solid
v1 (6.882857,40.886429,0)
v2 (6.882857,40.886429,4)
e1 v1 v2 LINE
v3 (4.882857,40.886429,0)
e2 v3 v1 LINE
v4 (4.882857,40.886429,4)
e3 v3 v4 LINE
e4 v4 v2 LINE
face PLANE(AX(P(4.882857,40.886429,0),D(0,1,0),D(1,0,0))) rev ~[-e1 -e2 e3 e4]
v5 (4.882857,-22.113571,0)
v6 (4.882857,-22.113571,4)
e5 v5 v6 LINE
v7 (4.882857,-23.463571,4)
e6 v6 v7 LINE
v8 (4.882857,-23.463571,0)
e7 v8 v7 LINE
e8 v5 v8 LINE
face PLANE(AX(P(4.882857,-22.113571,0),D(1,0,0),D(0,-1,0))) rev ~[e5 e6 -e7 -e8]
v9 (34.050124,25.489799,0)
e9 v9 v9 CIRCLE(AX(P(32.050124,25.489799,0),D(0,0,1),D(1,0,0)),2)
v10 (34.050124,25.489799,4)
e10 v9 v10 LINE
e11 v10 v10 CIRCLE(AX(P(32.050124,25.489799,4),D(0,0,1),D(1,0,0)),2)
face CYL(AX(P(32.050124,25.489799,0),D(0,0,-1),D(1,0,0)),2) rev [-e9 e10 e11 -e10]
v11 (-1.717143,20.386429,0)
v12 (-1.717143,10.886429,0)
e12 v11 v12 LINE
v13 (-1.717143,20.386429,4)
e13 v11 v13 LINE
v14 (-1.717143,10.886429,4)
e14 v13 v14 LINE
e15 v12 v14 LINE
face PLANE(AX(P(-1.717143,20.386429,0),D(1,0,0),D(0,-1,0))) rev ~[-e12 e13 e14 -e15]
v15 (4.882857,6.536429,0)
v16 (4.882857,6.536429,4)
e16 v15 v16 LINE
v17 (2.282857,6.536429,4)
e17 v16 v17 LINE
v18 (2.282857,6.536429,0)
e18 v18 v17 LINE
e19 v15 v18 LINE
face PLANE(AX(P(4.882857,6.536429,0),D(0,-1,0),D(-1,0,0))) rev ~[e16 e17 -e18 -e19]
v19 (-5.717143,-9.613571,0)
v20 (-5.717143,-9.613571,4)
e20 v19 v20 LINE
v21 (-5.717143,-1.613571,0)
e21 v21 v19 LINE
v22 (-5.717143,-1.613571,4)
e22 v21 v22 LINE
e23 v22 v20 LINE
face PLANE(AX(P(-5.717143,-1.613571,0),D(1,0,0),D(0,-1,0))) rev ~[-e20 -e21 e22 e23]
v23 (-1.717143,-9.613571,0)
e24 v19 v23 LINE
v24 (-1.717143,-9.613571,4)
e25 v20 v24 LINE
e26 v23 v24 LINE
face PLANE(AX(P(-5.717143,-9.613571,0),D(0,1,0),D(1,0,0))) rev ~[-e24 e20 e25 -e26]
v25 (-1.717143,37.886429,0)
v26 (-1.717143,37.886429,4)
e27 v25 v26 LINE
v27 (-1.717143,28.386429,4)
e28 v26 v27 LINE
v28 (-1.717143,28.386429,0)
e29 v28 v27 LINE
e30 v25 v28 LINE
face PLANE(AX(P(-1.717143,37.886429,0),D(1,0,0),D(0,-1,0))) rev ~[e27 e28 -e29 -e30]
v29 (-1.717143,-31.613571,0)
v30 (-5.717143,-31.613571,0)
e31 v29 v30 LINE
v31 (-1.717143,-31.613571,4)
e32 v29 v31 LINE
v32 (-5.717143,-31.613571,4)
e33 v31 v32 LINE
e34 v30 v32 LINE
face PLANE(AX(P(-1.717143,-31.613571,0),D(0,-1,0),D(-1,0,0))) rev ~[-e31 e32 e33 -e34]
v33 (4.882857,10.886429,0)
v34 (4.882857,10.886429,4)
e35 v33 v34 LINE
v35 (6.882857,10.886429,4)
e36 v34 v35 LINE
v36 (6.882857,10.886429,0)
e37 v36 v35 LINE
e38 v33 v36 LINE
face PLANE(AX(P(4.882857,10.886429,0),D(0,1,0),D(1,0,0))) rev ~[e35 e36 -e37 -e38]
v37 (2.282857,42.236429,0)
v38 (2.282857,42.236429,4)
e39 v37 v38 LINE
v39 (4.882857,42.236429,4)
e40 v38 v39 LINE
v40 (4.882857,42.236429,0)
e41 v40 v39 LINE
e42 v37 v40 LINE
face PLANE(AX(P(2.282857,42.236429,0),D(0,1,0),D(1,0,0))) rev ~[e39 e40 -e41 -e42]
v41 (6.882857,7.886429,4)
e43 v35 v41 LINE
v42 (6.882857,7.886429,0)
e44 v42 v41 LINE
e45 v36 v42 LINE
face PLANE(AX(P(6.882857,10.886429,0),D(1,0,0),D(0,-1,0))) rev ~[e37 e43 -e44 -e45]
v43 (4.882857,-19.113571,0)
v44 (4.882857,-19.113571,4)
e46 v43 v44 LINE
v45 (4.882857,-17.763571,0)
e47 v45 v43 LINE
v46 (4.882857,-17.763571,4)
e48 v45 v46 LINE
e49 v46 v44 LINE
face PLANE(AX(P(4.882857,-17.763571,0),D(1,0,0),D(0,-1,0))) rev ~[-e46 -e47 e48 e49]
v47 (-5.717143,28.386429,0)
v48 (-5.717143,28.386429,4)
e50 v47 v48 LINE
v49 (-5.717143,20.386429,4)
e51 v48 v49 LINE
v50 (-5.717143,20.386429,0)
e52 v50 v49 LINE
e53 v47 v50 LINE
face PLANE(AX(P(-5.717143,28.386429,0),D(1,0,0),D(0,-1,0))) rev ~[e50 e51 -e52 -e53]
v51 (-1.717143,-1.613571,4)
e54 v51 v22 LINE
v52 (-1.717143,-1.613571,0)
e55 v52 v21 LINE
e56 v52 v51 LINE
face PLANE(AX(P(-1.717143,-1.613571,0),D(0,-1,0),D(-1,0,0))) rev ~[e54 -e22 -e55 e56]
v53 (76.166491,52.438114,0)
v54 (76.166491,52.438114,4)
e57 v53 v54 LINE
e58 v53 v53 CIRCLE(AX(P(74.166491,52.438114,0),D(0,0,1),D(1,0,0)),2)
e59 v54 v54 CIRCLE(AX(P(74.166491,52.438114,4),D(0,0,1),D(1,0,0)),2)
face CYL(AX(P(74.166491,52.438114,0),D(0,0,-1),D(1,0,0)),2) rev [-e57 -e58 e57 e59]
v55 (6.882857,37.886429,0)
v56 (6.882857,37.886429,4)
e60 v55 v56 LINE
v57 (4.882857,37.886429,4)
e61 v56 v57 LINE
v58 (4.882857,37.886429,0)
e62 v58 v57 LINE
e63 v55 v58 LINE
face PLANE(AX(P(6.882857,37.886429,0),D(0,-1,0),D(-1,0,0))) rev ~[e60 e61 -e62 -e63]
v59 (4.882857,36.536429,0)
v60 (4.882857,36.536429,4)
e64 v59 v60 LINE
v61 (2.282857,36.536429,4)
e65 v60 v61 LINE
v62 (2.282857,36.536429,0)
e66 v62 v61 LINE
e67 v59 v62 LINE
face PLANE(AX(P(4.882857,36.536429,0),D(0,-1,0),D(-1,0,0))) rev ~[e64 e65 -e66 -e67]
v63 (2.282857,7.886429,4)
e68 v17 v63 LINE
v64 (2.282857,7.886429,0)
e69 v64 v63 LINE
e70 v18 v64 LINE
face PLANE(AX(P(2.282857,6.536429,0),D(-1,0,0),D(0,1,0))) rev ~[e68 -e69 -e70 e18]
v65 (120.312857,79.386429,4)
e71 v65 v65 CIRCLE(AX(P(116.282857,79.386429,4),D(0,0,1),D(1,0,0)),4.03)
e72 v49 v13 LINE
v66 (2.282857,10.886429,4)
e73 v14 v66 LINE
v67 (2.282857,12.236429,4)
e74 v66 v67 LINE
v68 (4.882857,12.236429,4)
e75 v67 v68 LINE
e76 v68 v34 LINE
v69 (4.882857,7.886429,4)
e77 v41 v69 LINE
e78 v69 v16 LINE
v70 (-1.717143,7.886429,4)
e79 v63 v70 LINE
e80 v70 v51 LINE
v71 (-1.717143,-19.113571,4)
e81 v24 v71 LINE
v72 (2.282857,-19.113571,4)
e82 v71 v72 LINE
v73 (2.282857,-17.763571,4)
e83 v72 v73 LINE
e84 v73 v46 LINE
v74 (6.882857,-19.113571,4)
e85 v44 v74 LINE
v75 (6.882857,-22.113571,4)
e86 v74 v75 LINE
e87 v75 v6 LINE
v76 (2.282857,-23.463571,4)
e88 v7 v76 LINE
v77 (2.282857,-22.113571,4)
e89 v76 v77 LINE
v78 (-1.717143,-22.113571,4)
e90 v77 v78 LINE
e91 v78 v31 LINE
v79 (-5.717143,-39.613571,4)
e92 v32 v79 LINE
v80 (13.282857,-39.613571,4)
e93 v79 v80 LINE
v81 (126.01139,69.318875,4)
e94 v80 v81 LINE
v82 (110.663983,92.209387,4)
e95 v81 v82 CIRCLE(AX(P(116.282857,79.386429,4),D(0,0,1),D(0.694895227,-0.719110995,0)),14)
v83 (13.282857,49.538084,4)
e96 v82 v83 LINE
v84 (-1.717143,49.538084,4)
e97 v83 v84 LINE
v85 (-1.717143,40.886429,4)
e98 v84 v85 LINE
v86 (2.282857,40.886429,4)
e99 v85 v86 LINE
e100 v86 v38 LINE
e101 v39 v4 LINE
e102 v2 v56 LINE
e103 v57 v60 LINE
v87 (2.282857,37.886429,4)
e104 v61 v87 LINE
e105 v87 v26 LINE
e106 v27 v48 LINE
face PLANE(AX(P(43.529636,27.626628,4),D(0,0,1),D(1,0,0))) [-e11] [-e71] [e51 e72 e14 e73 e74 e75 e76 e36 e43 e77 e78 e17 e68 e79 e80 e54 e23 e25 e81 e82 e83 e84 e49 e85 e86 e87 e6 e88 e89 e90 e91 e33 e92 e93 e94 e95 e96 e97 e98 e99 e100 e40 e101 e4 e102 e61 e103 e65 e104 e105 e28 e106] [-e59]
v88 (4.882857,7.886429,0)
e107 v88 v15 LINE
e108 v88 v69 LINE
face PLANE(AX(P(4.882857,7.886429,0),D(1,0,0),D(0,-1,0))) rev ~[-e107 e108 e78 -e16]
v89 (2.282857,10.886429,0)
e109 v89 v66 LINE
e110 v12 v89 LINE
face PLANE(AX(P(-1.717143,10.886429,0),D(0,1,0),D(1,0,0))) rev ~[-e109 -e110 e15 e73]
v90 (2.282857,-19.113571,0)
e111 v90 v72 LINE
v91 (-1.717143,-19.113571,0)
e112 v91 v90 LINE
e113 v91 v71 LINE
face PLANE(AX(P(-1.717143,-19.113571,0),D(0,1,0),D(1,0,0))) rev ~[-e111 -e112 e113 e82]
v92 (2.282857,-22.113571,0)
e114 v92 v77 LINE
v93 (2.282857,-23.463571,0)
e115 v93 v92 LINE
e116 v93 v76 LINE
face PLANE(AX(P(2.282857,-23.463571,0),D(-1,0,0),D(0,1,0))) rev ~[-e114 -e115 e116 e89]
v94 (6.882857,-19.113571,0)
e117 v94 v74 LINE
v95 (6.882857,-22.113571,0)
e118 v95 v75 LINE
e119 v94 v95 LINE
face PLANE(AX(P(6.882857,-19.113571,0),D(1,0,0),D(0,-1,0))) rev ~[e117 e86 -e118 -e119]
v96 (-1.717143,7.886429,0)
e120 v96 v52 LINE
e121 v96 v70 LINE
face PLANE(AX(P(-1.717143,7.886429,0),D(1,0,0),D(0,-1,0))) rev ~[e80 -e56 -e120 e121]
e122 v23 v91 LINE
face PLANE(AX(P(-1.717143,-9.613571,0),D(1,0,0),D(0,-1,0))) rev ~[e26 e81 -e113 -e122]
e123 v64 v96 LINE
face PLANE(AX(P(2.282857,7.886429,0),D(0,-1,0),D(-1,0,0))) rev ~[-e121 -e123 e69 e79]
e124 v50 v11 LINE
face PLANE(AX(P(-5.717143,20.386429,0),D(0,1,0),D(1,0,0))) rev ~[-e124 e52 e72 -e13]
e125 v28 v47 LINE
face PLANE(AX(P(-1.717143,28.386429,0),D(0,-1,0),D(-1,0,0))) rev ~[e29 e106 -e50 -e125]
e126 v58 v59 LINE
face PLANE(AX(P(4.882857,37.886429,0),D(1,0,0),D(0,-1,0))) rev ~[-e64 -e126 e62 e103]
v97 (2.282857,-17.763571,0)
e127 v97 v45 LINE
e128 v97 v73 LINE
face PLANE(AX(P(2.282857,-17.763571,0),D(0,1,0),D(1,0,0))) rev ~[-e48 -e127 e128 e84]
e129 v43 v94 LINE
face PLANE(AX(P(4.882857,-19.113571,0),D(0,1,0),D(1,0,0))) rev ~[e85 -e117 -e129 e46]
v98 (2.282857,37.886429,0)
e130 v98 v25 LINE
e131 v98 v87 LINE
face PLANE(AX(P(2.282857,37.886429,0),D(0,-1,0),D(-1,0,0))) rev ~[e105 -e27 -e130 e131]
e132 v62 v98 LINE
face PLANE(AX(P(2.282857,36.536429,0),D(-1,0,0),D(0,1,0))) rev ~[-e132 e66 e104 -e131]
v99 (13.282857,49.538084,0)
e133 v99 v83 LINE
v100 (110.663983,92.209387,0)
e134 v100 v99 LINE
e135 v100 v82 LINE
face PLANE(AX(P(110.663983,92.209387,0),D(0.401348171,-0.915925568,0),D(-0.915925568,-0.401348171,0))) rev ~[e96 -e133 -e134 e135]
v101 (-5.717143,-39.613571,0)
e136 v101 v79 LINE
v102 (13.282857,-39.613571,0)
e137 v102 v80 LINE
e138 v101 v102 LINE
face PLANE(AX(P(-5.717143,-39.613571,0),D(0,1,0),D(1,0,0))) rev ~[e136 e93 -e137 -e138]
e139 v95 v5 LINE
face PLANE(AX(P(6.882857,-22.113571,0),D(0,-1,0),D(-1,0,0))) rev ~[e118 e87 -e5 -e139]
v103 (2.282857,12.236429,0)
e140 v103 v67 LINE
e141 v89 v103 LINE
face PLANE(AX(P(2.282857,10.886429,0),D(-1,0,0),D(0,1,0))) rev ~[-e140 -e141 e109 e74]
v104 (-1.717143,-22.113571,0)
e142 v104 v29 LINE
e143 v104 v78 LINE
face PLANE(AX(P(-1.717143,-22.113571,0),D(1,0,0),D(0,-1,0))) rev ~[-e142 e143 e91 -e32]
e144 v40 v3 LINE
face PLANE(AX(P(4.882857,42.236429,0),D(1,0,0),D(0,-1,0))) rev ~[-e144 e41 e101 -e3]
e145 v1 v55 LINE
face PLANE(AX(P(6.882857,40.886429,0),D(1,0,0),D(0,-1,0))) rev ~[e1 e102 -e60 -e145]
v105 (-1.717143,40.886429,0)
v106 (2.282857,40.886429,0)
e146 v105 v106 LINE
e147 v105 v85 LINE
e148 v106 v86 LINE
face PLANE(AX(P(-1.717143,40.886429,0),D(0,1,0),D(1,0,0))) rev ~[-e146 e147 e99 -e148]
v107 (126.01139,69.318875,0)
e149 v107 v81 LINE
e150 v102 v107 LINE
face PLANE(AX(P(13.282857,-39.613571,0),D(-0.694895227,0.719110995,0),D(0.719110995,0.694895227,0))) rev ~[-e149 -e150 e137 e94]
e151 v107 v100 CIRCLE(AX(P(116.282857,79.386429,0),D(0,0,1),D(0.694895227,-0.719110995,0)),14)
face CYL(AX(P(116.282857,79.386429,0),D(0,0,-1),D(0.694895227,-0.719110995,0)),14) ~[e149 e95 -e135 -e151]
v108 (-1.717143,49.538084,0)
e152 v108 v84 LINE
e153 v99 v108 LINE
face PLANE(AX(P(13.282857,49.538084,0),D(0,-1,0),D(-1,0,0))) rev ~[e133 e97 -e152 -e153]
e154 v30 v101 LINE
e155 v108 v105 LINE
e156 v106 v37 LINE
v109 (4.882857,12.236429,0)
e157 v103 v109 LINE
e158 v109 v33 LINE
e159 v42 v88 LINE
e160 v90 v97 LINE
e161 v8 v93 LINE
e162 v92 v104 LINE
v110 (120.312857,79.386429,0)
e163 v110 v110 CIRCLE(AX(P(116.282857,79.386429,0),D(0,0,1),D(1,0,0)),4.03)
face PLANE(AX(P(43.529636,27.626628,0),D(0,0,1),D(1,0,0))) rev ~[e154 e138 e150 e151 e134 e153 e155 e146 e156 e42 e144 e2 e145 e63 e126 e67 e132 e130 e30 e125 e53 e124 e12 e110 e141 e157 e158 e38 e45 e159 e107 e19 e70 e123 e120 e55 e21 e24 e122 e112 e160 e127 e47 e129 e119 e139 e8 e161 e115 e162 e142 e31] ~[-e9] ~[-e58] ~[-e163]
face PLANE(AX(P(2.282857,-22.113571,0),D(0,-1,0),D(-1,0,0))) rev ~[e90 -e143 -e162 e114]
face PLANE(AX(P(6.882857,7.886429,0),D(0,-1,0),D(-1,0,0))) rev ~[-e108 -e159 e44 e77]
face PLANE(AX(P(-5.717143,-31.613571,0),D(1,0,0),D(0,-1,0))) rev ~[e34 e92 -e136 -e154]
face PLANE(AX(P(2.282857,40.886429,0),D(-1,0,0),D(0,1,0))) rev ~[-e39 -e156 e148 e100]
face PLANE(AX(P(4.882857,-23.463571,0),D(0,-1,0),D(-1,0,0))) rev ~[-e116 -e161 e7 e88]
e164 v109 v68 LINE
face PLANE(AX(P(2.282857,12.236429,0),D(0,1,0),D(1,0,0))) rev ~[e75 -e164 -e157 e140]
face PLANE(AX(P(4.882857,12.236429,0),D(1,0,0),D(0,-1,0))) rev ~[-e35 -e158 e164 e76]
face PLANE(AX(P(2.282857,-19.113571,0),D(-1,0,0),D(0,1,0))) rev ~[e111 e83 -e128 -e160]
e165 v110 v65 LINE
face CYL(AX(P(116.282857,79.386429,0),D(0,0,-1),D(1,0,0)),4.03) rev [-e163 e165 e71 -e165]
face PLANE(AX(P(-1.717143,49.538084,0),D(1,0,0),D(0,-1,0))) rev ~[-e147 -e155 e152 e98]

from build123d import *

# Parameters (mm, degrees)
SKETCH_1_R      = 2
SKETCH_1_R_2    = 4.03
EXTRUDE_1_DEPTH = 4


with BuildPart() as part:
    # 草图1 → 凸台-拉伸1 (new body)
    with BuildSketch(Plane.XY):
        with BuildLine():
            Line((2.282857143, -22.113571429), (-1.717142857, -22.113571429))
            Line((-1.717142857, -22.113571429), (-1.717142857, -31.613571429))
            Line((-1.717142857, -31.613571429), (-5.717142857, -31.613571429))
            Line((-5.717142857, -31.613571429), (-5.717142857, -39.613571429))
            Line((-5.717142857, -39.613571429), (-1.717142857, -39.613571429))
            Line((-1.717142857, -39.613571429), (13.282857143, -39.613571429))
            Line((13.282857143, -39.613571429), (126.011390324, 69.318874641))
            ThreePointArc((126.011390324, 69.318874641), (127.911107543, 87.182824703), (110.66398275, 92.20938652))
            Line((110.66398275, 92.20938652), (13.282857143, 49.538084372))
            Line((13.282857143, 49.538084372), (-1.717142857, 49.538084372))
            Line((-1.717142857, 49.538084372), (-1.717142857, 40.886428571))
            Line((-1.717142857, 40.886428571), (2.282857143, 40.886428571))
            Line((2.282857143, 40.886428571), (2.282857143, 42.236428571))
            Line((2.282857143, 42.236428571), (4.882857143, 42.236428571))
            Line((4.882857143, 42.236428571), (4.882857143, 40.886428571))
            Line((4.882857143, 40.886428571), (6.882857143, 40.886428571))
            Line((6.882857143, 40.886428571), (6.882857143, 37.886428571))
            Line((6.882857143, 37.886428571), (4.882857143, 37.886428571))
            Line((4.882857143, 37.886428571), (4.882857143, 36.536428571))
            Line((4.882857143, 36.536428571), (2.282857143, 36.536428571))
            Line((2.282857143, 36.536428571), (2.282857143, 37.886428571))
            Line((2.282857143, 37.886428571), (-1.717142857, 37.886428571))
            Line((-1.717142857, 37.886428571), (-1.717142857, 28.386428571))
            Line((-1.717142857, 28.386428571), (-5.717142857, 28.386428571))
            Line((-5.717142857, 28.386428571), (-5.717142857, 20.386428571))
            Line((-5.717142857, 20.386428571), (-1.717142857, 20.386428571))
            Line((-1.717142857, 20.386428571), (-1.717142857, 10.886428571))
            Line((-1.717142857, 10.886428571), (2.282857143, 10.886428571))
            Line((2.282857143, 10.886428571), (2.282857143, 12.236428571))
            Line((2.282857143, 12.236428571), (4.882857143, 12.236428571))
            Line((4.882857143, 12.236428571), (4.882857143, 10.886428571))
            Line((4.882857143, 10.886428571), (6.882857143, 10.886428571))
            Line((6.882857143, 10.886428571), (6.882857143, 7.886428571))
            Line((6.882857143, 7.886428571), (4.882857143, 7.886428571))
            Line((4.882857143, 7.886428571), (4.882857143, 6.536428571))
            Line((4.882857143, 6.536428571), (2.282857143, 6.536428571))
            Line((2.282857143, 6.536428571), (2.282857143, 7.886428571))
            Line((2.282857143, 7.886428571), (-1.717142857, 7.886428571))
            Line((-1.717142857, 7.886428571), (-1.717142857, -1.613571429))
            Line((-1.717142857, -1.613571429), (-5.717142857, -1.613571429))
            Line((-5.717142857, -1.613571429), (-5.717142857, -9.613571429))
            Line((-5.717142857, -9.613571429), (-1.717142857, -9.613571429))
            Line((-1.717142857, -9.613571429), (-1.717142857, -19.113571429))
            Line((-1.717142857, -19.113571429), (2.282857143, -19.113571429))
            Line((2.282857143, -19.113571429), (2.282857143, -17.763571429))
            Line((2.282857143, -17.763571429), (4.882857143, -17.763571429))
            Line((4.882857143, -17.763571429), (4.882857143, -19.113571429))
            Line((4.882857143, -19.113571429), (6.882857143, -19.113571429))
            Line((6.882857143, -19.113571429), (6.882857143, -22.113571429))
            Line((6.882857143, -22.113571429), (4.882857143, -22.113571429))
            Line((4.882857143, -22.113571429), (4.882857143, -23.463571429))
            Line((4.882857143, -23.463571429), (2.282857143, -23.463571429))
            Line((2.282857143, -23.463571429), (2.282857143, -22.113571429))
        make_face()
        with Locations((32.050124236, 25.489798741)):
            Circle(SKETCH_1_R, mode=Mode.SUBTRACT)
        with Locations((74.16649069, 52.438113656)):
            Circle(SKETCH_1_R, mode=Mode.SUBTRACT)
        with Locations((116.282857143, 79.386428571)):
            Circle(SKETCH_1_R_2, mode=Mode.SUBTRACT)
    extrude(amount=EXTRUDE_1_DEPTH)


solid = part.part
